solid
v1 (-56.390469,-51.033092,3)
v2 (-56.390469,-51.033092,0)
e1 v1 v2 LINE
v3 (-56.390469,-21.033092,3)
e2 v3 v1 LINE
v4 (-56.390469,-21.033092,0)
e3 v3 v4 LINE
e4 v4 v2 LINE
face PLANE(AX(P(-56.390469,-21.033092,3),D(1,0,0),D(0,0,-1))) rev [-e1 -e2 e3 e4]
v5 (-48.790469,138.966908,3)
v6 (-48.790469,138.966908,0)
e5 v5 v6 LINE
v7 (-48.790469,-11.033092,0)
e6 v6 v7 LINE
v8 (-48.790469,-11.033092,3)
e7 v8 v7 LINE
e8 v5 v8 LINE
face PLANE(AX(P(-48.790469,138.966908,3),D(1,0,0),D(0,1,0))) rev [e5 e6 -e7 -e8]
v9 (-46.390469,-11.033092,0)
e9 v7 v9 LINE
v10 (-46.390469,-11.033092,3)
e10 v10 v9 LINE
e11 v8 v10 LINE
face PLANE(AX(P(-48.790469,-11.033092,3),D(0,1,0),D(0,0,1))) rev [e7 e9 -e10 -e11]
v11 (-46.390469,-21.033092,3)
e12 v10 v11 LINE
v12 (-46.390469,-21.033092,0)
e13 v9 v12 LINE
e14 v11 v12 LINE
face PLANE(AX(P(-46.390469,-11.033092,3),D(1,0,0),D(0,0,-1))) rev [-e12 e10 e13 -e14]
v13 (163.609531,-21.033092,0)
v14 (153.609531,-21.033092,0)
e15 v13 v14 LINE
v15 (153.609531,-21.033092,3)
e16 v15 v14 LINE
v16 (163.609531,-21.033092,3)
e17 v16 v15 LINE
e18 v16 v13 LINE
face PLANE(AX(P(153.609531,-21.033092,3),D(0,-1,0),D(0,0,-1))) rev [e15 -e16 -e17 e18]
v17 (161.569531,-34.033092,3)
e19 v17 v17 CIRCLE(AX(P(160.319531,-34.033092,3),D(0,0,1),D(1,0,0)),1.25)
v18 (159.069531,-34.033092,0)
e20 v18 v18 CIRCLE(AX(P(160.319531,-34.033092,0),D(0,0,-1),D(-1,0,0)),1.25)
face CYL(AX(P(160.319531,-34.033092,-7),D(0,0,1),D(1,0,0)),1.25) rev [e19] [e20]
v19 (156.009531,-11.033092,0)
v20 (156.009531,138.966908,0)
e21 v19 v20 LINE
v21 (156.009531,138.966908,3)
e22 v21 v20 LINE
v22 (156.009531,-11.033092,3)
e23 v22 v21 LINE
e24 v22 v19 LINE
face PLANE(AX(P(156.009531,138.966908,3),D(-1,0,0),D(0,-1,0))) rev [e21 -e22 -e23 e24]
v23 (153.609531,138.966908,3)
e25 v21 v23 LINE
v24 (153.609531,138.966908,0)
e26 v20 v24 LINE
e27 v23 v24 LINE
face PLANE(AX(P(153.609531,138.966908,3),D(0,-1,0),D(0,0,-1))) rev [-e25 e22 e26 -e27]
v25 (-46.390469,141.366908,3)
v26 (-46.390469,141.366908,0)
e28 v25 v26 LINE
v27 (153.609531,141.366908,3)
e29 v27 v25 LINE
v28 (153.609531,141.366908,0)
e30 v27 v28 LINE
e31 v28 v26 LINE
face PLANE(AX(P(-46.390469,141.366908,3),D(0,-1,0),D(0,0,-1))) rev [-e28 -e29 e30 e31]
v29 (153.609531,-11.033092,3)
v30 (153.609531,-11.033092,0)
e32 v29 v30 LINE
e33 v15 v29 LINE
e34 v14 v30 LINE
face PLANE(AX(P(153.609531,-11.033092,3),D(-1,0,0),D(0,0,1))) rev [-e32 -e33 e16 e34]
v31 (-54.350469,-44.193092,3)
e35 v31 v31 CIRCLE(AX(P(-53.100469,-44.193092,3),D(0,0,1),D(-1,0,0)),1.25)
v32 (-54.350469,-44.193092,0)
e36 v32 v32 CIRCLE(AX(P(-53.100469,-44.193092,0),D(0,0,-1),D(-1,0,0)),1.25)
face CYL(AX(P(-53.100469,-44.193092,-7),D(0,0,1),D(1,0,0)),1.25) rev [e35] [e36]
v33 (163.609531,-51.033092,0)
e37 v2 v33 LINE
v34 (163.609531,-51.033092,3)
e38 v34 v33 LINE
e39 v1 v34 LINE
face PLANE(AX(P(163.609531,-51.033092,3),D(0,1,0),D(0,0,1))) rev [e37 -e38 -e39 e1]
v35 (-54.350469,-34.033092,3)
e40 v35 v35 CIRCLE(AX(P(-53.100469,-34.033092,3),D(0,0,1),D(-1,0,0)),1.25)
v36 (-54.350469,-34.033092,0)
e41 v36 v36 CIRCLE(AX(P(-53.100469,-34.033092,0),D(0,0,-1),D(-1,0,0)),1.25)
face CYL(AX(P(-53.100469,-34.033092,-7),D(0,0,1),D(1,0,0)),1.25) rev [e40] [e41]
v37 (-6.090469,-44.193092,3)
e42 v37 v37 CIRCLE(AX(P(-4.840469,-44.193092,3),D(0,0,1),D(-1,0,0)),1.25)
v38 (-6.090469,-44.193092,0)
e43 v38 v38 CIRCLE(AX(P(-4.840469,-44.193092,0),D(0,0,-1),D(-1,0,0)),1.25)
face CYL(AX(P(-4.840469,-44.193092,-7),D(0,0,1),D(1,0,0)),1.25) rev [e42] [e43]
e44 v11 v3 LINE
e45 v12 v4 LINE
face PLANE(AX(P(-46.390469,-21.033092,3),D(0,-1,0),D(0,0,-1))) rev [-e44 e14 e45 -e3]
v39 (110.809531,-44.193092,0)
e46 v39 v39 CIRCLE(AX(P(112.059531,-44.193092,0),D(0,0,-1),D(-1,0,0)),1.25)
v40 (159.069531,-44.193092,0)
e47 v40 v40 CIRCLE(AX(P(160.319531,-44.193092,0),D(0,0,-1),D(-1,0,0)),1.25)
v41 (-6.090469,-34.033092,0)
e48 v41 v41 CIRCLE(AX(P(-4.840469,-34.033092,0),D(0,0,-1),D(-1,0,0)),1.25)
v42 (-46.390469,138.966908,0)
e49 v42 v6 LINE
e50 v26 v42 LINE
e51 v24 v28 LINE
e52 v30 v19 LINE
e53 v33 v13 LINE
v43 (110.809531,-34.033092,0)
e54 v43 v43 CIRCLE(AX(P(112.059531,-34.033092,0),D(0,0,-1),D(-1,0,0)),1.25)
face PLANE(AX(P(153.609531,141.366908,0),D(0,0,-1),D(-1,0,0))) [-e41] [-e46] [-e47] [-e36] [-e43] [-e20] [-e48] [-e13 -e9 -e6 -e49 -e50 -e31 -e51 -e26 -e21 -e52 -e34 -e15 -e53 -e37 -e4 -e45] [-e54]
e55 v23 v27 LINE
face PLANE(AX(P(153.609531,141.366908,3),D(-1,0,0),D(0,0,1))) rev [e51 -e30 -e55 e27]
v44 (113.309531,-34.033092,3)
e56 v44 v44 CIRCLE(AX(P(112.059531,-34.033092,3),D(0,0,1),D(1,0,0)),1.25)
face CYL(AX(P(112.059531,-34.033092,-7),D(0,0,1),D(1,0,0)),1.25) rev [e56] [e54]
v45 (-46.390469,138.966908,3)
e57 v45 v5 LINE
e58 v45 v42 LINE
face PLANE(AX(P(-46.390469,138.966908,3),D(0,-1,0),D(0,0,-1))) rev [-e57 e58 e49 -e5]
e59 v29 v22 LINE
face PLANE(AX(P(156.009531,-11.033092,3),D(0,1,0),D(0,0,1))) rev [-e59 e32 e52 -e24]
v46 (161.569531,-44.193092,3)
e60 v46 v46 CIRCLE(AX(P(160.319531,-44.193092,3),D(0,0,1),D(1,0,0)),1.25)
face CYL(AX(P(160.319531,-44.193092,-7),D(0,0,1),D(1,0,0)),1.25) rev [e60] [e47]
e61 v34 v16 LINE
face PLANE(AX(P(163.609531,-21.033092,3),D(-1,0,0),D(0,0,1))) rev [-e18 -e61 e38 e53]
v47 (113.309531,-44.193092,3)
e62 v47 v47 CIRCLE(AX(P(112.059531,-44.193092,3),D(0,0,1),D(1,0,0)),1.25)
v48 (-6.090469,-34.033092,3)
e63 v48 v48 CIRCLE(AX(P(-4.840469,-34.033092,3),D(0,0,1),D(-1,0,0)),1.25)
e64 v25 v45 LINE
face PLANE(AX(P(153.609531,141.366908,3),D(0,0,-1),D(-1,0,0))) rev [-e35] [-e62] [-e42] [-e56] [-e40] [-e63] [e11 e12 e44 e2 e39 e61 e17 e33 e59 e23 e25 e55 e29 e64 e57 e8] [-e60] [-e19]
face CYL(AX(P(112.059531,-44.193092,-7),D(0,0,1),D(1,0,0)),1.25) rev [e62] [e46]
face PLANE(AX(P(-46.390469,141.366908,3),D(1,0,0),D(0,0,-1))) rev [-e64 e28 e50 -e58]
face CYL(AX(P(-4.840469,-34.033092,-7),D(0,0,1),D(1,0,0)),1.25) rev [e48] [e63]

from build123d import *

# Parameters (mm, degrees)
BOSS_EXTRU_1_DEPTH      = 3
ESQUISSE2_R             = 1.25
ENL_V_MAT_EXTRU_1_DEPTH = 10


with BuildPart() as part:
    # Esquisse1 → Boss.-Extru.1 (new body)
    with BuildSketch(Plane.XY):
        Polygon((-56.390469464, -21.033092325), (-56.390469464, -51.033092325), (163.609530536, -51.033092325), (163.609530536, -21.033092325), (153.609530536, -21.033092325), (153.609530536, -11.033092325), (156.009530536, -11.033092325), (156.009530536, 138.966907675), (153.609530536, 138.966907675), (153.609530536, 141.366907675), (-46.390469464, 141.366907675), (-46.390469464, 138.966907675), (-48.790469464, 138.966907675), (-48.790469464, -11.033092325), (-46.390469464, -11.033092325), (-46.390469464, -21.033092325), align=None)
    extrude(amount=BOSS_EXTRU_1_DEPTH)

    # Esquisse2 → Enlèv. mat.-Extru.1 (cut)
    with BuildSketch(Plane.XY.offset(3)):
        with Locations((160.319530536, -34.033092325)):
            Circle(ESQUISSE2_R)
        with Locations((112.059530536, -34.033092325)):
            Circle(ESQUISSE2_R)
        with Locations((160.319530536, -44.193092325)):
            Circle(ESQUISSE2_R)
        with Locations((112.059530536, -44.193092325)):
            Circle(ESQUISSE2_R)
        with Locations((-4.840469464, -44.193092325)):
            Circle(ESQUISSE2_R)
        with Locations((-53.100469464, -44.193092325)):
            Circle(ESQUISSE2_R)
        with Locations((-4.840469464, -34.033092325)):
            Circle(ESQUISSE2_R)
        with Locations((-53.100469464, -34.033092325)):
            Circle(ESQUISSE2_R)
    extrude(amount=-ENL_V_MAT_EXTRU_1_DEPTH, mode=Mode.SUBTRACT)


solid = part.part
